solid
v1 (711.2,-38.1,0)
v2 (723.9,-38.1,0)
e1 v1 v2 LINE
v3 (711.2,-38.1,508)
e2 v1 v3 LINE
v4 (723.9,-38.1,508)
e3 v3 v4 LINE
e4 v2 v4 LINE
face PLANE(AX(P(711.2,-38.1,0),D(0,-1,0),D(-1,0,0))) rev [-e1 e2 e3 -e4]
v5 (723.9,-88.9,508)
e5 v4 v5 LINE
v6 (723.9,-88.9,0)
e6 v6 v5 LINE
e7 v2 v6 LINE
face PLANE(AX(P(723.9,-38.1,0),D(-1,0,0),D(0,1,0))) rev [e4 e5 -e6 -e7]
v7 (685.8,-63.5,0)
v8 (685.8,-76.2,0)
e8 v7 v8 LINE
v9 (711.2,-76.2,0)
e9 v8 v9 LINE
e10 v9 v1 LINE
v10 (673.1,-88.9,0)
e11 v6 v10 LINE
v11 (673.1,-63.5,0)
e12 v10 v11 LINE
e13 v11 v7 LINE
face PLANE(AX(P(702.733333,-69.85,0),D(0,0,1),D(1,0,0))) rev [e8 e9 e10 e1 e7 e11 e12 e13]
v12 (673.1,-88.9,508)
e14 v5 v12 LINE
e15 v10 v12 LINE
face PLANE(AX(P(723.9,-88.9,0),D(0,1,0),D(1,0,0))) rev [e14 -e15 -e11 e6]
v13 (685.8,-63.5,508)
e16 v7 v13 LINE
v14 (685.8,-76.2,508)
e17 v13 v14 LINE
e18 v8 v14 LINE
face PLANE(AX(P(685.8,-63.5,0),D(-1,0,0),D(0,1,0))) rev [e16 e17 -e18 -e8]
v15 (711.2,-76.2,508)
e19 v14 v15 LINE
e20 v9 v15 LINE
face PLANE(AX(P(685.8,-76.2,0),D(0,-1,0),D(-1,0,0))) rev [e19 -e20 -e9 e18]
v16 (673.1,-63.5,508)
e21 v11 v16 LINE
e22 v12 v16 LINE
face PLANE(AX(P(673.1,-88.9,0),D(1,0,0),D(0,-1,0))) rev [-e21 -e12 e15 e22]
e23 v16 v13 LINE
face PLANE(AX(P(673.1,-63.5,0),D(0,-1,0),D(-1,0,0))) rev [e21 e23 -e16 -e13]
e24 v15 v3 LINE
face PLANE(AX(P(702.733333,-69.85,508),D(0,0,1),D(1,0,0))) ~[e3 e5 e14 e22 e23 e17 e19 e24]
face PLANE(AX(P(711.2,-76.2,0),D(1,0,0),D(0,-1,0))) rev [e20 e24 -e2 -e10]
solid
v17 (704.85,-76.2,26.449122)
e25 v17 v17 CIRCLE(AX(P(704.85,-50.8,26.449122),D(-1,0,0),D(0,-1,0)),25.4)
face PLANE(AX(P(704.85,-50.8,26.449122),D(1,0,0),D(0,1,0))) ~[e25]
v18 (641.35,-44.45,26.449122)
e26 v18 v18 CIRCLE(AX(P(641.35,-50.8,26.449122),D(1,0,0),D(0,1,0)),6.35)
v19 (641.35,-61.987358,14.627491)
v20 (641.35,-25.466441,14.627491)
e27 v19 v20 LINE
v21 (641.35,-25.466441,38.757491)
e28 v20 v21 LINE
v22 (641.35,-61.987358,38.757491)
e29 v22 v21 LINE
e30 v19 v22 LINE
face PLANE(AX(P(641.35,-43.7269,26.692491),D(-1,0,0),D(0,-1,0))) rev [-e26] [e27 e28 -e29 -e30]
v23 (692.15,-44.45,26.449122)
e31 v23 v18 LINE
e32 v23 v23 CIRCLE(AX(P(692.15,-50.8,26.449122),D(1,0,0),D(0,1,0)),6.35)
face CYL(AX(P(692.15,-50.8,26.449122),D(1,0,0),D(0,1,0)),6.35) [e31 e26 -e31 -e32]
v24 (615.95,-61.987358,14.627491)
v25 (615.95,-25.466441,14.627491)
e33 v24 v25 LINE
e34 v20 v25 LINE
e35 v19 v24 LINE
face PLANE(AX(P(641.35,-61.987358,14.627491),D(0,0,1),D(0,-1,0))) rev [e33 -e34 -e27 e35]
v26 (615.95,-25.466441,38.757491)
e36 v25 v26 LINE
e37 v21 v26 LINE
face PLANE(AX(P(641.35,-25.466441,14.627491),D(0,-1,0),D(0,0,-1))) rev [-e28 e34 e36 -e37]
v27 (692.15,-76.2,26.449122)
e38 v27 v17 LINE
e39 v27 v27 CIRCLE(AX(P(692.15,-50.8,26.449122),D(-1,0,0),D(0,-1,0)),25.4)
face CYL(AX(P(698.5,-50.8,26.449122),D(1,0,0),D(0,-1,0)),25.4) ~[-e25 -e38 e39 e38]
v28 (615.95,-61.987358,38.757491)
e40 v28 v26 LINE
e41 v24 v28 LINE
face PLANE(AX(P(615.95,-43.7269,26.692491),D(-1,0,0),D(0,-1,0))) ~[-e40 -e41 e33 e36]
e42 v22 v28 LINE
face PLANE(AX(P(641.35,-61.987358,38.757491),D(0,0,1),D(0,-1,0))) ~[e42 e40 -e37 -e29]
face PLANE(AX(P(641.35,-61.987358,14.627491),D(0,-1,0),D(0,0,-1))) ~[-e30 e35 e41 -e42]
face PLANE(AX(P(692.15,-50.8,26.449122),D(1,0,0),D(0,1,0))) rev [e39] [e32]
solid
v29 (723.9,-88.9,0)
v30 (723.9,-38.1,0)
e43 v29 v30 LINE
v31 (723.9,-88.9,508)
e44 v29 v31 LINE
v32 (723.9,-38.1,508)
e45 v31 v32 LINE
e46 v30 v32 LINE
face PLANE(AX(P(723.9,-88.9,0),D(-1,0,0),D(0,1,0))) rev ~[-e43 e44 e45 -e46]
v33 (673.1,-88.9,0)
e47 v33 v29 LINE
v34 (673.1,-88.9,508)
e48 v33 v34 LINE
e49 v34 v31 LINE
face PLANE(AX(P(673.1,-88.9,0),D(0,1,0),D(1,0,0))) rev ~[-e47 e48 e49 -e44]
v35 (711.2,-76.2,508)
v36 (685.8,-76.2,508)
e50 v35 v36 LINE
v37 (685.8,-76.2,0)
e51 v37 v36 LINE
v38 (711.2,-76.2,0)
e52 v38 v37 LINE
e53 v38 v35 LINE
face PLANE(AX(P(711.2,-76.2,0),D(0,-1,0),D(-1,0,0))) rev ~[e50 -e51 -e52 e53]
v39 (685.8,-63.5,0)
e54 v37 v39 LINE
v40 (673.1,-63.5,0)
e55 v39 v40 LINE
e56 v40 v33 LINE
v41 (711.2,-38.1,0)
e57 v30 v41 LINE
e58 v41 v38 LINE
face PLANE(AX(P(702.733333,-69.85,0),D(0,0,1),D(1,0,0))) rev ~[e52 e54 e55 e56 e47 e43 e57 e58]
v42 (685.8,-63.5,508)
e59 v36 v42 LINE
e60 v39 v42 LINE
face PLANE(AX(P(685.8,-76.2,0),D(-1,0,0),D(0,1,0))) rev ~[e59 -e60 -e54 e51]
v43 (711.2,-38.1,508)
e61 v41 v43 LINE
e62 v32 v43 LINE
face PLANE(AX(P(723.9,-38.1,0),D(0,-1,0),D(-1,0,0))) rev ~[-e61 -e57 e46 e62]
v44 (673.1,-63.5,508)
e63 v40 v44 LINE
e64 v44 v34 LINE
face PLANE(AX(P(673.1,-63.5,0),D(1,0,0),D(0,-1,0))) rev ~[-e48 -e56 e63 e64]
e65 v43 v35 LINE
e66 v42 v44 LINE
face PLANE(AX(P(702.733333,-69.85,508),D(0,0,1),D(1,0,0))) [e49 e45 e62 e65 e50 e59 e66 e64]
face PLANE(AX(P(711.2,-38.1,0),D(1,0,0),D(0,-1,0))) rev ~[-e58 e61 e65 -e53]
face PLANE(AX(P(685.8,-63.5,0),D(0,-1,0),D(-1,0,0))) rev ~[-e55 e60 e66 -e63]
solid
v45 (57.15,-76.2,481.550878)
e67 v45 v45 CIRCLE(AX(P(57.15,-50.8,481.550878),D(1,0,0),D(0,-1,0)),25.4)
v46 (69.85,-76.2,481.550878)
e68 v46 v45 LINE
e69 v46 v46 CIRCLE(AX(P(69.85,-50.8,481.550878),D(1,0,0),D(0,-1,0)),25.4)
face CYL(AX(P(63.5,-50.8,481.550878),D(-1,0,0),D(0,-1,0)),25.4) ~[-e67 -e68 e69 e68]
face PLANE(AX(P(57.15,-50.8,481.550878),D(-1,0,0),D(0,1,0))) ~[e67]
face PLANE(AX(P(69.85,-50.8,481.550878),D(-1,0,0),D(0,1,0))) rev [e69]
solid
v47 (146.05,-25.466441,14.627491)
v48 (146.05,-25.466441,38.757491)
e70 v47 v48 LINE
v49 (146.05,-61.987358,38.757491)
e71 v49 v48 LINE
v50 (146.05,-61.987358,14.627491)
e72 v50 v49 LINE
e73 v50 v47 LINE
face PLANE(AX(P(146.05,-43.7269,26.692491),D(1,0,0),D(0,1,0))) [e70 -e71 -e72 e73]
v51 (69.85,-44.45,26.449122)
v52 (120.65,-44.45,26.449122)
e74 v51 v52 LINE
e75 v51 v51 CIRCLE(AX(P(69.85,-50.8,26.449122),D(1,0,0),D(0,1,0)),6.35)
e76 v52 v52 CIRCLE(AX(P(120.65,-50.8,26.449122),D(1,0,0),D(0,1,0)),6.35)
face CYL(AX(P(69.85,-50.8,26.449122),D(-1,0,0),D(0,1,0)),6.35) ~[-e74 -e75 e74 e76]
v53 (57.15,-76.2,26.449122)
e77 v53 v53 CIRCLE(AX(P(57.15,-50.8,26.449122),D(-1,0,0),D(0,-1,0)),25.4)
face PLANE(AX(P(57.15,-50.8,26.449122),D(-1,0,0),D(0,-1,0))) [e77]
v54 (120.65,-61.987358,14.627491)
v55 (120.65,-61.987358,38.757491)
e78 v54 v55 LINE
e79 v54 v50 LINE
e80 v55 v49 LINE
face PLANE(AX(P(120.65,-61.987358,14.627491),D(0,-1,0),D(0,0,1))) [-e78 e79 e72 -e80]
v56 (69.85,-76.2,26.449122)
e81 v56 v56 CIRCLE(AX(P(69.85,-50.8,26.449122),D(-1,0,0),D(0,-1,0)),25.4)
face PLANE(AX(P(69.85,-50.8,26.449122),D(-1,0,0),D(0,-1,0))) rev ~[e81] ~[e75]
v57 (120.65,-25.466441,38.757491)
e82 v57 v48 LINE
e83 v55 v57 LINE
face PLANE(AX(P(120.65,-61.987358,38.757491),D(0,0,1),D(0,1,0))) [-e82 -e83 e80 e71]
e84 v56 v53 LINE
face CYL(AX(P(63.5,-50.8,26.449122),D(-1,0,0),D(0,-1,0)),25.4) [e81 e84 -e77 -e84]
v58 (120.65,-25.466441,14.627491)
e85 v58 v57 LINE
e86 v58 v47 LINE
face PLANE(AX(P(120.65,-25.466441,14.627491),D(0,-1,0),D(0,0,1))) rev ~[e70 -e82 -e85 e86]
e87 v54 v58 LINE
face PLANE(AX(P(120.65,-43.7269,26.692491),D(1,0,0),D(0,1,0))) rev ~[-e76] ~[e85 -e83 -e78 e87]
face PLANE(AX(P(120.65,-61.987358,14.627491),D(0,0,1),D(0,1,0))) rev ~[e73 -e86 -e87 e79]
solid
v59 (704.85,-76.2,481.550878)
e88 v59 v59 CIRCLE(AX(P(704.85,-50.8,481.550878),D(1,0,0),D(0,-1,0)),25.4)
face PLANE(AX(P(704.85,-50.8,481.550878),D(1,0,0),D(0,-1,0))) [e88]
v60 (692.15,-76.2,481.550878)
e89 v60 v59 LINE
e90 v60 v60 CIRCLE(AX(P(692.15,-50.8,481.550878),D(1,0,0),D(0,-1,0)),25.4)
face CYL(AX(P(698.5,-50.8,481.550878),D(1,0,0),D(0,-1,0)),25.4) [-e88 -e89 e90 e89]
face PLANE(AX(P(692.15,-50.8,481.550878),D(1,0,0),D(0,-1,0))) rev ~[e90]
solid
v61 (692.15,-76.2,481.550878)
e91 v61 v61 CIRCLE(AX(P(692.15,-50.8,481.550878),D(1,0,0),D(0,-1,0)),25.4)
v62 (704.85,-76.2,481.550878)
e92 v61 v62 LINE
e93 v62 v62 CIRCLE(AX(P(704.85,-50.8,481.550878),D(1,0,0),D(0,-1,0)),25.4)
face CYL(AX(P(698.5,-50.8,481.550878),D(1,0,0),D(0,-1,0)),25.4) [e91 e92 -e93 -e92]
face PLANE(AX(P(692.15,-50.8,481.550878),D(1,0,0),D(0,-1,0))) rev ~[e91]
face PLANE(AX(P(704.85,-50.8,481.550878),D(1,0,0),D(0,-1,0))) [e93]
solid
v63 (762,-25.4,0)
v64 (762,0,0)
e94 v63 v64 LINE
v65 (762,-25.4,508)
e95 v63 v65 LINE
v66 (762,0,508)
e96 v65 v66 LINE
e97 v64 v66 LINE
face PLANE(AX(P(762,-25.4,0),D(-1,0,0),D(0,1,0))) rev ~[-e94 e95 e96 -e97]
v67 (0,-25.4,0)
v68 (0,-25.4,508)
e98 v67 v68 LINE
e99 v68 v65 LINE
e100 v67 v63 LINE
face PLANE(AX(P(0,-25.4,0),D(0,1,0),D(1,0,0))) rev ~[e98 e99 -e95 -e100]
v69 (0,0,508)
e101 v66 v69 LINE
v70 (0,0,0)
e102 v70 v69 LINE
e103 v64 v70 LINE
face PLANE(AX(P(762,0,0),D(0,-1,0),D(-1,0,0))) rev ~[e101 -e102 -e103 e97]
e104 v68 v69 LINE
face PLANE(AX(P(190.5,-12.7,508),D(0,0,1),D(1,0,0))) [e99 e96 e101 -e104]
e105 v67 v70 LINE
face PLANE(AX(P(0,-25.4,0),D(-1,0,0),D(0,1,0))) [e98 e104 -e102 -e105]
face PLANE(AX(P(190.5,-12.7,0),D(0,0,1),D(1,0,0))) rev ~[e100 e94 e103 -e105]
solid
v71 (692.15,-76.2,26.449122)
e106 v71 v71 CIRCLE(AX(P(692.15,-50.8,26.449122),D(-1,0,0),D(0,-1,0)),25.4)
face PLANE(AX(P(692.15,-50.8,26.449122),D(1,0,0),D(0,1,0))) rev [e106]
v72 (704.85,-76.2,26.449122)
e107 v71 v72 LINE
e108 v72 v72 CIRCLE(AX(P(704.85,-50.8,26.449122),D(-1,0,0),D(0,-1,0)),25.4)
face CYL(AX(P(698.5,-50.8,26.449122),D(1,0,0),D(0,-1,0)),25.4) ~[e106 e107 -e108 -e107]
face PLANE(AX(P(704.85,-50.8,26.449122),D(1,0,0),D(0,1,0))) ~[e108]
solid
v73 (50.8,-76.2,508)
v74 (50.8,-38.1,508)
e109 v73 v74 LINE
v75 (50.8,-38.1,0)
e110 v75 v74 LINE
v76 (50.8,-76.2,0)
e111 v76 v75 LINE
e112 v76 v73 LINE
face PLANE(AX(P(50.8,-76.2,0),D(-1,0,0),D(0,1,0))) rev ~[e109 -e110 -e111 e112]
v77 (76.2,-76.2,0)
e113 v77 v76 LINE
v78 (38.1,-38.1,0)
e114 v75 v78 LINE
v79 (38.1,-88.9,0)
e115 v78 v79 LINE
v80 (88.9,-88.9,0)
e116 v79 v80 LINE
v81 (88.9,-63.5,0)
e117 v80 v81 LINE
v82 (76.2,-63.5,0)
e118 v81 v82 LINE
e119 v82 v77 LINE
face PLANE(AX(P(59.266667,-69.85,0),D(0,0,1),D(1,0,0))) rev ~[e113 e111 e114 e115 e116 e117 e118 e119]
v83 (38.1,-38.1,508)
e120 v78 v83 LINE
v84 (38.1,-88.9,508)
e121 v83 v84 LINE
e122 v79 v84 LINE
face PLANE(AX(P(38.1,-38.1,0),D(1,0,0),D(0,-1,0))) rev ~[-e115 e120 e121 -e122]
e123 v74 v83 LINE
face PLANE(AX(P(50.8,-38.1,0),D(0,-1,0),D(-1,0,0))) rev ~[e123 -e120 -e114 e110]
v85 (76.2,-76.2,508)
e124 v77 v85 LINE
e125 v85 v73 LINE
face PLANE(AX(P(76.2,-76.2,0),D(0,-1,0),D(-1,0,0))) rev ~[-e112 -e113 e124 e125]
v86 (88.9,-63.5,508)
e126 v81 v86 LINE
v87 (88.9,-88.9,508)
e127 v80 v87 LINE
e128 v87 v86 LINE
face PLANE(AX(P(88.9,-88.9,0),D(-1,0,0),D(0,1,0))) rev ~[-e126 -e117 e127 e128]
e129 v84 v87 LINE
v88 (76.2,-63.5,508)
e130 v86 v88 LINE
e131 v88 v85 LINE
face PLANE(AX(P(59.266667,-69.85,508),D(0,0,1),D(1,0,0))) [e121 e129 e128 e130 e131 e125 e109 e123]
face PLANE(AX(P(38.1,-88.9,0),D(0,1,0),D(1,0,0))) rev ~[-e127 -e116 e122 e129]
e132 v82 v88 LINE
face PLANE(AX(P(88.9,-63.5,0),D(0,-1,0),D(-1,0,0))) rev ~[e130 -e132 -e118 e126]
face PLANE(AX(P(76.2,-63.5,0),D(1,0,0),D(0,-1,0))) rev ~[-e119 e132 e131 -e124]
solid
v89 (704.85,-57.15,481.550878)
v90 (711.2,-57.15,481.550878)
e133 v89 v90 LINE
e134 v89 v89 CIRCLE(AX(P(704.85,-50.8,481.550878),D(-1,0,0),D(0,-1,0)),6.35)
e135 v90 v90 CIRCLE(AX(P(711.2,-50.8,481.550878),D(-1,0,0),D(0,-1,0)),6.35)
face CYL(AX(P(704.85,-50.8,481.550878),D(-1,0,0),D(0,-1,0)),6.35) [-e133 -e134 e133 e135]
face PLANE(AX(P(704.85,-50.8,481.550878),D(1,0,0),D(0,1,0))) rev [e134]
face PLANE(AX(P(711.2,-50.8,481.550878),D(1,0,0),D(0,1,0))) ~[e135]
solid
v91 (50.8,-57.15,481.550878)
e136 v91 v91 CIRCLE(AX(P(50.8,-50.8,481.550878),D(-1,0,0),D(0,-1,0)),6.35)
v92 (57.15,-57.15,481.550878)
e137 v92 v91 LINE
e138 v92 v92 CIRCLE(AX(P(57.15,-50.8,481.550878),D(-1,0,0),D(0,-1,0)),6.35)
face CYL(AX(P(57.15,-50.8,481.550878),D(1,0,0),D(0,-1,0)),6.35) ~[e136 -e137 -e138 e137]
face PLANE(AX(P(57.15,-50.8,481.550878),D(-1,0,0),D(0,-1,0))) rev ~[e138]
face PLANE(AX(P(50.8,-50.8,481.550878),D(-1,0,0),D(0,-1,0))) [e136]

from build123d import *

# Parameters (mm, degrees)
F0_W      = 381
F0_H      = 25.4
F1_DEPTH  = 508
F3_R      = 25.4
F4_DEPTH  = 6.35
F10_R     = 6.35
F11_DEPTH = 50.8
F13_W     = 36.5209167916
F13_H     = 24.13
F14_DEPTH = 25.4
F17_R     = 6.35
F18_DEPTH = 6.35


with BuildPart() as f1:
    # F0 (on Top) → F1 (new body)
    with BuildSketch(Plane.XY):
        with Locations((190.5, -12.7)):
            Rectangle(F0_W, F0_H)
        with Locations((571.5, -12.7)):
            Rectangle(F0_W, F0_H)
    extrude(amount=F1_DEPTH)


with BuildPart() as f1b:
    # F0 (on Top) → F1, piece 2 (new body)
    with BuildSketch(Plane.XY):
        Polygon((38.1, -38.1), (38.1, -88.9), (88.9, -88.9), (88.9, -63.5), (76.2, -63.5), (76.2, -76.2), (50.8, -76.2), (50.8, -38.1), align=None)
    extrude(amount=F1_DEPTH)


with BuildPart() as f1c:
    # F0 (on Top) → F1, piece 3 (new body)
    with BuildSketch(Plane.XY):
        Polygon((685.8, -63.5), (673.1, -63.5), (673.1, -88.9), (723.9, -88.9), (723.9, -38.1), (711.2, -38.1), (711.2, -76.2), (685.8, -76.2), align=None)
    extrude(amount=F1_DEPTH)


with BuildPart() as f4:
    # F3 (on offset) → F4 (new body, symmetric)
    with BuildSketch(Plane(origin=(63.5, 0, 0), x_dir=(0, -1, 0), z_dir=(-1, 0, 0))):
        with Locations((50.8, 26.4491215348)):
            Circle(F3_R)
    extrude(amount=F4_DEPTH, both=True)


with BuildPart() as f6_1:
    # F6: instance of F4
    add(f4.part.mirror(Plane(origin=(381, -12.7, 254), x_dir=(0, -1, 0), z_dir=(-1, 0, 0))))


with BuildPart() as f6_2:
    # F6: instance of F1b
    add(f1b.part.mirror(Plane(origin=(381, -12.7, 254), x_dir=(0, -1, 0), z_dir=(-1, 0, 0))))


with BuildPart() as f8_1:
    # F8: instance of F4
    add(f4.part.mirror(Plane(origin=(381, -12.7, 254), x_dir=(1, 0, 0), z_dir=(0, 0, -1))))


with BuildPart() as f8_2:
    # F8: instance of F6_1
    add(f6_1.part.mirror(Plane(origin=(381, -12.7, 254), x_dir=(1, 0, 0), z_dir=(0, 0, -1))))


with BuildPart() as f4_1:
    add(f4.part)

    # F10 (on offset) → F11 (join)
    with BuildSketch(Plane.YZ.offset(69.85)):
        with Locations((-50.8, 26.4491215348)):
            Circle(F10_R)
    extrude(amount=F11_DEPTH)

    # F13 (on offset) → F14 (join)
    with BuildSketch(Plane.YZ.offset(120.65)):
        with Locations((-43.7268996611, 26.6924910247)):
            Rectangle(F13_W, F13_H)
    extrude(amount=F14_DEPTH)


with BuildPart() as f15_1:
    # F15: instance of F4
    add(f4_1.part.mirror(Plane(origin=(381, -12.7, 254), x_dir=(0, -1, 0), z_dir=(-1, 0, 0))))


with BuildPart() as f15_2:
    # F15: instance of F8_1
    add(f8_1.part.mirror(Plane(origin=(381, -12.7, 254), x_dir=(0, -1, 0), z_dir=(-1, 0, 0))))


with BuildPart() as f18:
    # F17 (on offset) → F18 (new body, through all)
    with BuildSketch(Plane(origin=(57.15, 0, 0), x_dir=(0, -1, 0), z_dir=(-1, 0, 0))):
        with Locations((50.8, 481.5508784652)):
            Circle(F17_R)
    extrude(amount=F18_DEPTH)


with BuildPart() as f19_1:
    # F19: instance of F18
    add(f18.part.mirror(Plane(origin=(381, -12.7, 254), x_dir=(0, -1, 0), z_dir=(-1, 0, 0))))


solid = Compound([f1.part, f1b.part, f1c.part, f6_1.part, f6_2.part, f8_1.part, f8_2.part, f4_1.part, f15_1.part, f15_2.part, f18.part, f19_1.part])
